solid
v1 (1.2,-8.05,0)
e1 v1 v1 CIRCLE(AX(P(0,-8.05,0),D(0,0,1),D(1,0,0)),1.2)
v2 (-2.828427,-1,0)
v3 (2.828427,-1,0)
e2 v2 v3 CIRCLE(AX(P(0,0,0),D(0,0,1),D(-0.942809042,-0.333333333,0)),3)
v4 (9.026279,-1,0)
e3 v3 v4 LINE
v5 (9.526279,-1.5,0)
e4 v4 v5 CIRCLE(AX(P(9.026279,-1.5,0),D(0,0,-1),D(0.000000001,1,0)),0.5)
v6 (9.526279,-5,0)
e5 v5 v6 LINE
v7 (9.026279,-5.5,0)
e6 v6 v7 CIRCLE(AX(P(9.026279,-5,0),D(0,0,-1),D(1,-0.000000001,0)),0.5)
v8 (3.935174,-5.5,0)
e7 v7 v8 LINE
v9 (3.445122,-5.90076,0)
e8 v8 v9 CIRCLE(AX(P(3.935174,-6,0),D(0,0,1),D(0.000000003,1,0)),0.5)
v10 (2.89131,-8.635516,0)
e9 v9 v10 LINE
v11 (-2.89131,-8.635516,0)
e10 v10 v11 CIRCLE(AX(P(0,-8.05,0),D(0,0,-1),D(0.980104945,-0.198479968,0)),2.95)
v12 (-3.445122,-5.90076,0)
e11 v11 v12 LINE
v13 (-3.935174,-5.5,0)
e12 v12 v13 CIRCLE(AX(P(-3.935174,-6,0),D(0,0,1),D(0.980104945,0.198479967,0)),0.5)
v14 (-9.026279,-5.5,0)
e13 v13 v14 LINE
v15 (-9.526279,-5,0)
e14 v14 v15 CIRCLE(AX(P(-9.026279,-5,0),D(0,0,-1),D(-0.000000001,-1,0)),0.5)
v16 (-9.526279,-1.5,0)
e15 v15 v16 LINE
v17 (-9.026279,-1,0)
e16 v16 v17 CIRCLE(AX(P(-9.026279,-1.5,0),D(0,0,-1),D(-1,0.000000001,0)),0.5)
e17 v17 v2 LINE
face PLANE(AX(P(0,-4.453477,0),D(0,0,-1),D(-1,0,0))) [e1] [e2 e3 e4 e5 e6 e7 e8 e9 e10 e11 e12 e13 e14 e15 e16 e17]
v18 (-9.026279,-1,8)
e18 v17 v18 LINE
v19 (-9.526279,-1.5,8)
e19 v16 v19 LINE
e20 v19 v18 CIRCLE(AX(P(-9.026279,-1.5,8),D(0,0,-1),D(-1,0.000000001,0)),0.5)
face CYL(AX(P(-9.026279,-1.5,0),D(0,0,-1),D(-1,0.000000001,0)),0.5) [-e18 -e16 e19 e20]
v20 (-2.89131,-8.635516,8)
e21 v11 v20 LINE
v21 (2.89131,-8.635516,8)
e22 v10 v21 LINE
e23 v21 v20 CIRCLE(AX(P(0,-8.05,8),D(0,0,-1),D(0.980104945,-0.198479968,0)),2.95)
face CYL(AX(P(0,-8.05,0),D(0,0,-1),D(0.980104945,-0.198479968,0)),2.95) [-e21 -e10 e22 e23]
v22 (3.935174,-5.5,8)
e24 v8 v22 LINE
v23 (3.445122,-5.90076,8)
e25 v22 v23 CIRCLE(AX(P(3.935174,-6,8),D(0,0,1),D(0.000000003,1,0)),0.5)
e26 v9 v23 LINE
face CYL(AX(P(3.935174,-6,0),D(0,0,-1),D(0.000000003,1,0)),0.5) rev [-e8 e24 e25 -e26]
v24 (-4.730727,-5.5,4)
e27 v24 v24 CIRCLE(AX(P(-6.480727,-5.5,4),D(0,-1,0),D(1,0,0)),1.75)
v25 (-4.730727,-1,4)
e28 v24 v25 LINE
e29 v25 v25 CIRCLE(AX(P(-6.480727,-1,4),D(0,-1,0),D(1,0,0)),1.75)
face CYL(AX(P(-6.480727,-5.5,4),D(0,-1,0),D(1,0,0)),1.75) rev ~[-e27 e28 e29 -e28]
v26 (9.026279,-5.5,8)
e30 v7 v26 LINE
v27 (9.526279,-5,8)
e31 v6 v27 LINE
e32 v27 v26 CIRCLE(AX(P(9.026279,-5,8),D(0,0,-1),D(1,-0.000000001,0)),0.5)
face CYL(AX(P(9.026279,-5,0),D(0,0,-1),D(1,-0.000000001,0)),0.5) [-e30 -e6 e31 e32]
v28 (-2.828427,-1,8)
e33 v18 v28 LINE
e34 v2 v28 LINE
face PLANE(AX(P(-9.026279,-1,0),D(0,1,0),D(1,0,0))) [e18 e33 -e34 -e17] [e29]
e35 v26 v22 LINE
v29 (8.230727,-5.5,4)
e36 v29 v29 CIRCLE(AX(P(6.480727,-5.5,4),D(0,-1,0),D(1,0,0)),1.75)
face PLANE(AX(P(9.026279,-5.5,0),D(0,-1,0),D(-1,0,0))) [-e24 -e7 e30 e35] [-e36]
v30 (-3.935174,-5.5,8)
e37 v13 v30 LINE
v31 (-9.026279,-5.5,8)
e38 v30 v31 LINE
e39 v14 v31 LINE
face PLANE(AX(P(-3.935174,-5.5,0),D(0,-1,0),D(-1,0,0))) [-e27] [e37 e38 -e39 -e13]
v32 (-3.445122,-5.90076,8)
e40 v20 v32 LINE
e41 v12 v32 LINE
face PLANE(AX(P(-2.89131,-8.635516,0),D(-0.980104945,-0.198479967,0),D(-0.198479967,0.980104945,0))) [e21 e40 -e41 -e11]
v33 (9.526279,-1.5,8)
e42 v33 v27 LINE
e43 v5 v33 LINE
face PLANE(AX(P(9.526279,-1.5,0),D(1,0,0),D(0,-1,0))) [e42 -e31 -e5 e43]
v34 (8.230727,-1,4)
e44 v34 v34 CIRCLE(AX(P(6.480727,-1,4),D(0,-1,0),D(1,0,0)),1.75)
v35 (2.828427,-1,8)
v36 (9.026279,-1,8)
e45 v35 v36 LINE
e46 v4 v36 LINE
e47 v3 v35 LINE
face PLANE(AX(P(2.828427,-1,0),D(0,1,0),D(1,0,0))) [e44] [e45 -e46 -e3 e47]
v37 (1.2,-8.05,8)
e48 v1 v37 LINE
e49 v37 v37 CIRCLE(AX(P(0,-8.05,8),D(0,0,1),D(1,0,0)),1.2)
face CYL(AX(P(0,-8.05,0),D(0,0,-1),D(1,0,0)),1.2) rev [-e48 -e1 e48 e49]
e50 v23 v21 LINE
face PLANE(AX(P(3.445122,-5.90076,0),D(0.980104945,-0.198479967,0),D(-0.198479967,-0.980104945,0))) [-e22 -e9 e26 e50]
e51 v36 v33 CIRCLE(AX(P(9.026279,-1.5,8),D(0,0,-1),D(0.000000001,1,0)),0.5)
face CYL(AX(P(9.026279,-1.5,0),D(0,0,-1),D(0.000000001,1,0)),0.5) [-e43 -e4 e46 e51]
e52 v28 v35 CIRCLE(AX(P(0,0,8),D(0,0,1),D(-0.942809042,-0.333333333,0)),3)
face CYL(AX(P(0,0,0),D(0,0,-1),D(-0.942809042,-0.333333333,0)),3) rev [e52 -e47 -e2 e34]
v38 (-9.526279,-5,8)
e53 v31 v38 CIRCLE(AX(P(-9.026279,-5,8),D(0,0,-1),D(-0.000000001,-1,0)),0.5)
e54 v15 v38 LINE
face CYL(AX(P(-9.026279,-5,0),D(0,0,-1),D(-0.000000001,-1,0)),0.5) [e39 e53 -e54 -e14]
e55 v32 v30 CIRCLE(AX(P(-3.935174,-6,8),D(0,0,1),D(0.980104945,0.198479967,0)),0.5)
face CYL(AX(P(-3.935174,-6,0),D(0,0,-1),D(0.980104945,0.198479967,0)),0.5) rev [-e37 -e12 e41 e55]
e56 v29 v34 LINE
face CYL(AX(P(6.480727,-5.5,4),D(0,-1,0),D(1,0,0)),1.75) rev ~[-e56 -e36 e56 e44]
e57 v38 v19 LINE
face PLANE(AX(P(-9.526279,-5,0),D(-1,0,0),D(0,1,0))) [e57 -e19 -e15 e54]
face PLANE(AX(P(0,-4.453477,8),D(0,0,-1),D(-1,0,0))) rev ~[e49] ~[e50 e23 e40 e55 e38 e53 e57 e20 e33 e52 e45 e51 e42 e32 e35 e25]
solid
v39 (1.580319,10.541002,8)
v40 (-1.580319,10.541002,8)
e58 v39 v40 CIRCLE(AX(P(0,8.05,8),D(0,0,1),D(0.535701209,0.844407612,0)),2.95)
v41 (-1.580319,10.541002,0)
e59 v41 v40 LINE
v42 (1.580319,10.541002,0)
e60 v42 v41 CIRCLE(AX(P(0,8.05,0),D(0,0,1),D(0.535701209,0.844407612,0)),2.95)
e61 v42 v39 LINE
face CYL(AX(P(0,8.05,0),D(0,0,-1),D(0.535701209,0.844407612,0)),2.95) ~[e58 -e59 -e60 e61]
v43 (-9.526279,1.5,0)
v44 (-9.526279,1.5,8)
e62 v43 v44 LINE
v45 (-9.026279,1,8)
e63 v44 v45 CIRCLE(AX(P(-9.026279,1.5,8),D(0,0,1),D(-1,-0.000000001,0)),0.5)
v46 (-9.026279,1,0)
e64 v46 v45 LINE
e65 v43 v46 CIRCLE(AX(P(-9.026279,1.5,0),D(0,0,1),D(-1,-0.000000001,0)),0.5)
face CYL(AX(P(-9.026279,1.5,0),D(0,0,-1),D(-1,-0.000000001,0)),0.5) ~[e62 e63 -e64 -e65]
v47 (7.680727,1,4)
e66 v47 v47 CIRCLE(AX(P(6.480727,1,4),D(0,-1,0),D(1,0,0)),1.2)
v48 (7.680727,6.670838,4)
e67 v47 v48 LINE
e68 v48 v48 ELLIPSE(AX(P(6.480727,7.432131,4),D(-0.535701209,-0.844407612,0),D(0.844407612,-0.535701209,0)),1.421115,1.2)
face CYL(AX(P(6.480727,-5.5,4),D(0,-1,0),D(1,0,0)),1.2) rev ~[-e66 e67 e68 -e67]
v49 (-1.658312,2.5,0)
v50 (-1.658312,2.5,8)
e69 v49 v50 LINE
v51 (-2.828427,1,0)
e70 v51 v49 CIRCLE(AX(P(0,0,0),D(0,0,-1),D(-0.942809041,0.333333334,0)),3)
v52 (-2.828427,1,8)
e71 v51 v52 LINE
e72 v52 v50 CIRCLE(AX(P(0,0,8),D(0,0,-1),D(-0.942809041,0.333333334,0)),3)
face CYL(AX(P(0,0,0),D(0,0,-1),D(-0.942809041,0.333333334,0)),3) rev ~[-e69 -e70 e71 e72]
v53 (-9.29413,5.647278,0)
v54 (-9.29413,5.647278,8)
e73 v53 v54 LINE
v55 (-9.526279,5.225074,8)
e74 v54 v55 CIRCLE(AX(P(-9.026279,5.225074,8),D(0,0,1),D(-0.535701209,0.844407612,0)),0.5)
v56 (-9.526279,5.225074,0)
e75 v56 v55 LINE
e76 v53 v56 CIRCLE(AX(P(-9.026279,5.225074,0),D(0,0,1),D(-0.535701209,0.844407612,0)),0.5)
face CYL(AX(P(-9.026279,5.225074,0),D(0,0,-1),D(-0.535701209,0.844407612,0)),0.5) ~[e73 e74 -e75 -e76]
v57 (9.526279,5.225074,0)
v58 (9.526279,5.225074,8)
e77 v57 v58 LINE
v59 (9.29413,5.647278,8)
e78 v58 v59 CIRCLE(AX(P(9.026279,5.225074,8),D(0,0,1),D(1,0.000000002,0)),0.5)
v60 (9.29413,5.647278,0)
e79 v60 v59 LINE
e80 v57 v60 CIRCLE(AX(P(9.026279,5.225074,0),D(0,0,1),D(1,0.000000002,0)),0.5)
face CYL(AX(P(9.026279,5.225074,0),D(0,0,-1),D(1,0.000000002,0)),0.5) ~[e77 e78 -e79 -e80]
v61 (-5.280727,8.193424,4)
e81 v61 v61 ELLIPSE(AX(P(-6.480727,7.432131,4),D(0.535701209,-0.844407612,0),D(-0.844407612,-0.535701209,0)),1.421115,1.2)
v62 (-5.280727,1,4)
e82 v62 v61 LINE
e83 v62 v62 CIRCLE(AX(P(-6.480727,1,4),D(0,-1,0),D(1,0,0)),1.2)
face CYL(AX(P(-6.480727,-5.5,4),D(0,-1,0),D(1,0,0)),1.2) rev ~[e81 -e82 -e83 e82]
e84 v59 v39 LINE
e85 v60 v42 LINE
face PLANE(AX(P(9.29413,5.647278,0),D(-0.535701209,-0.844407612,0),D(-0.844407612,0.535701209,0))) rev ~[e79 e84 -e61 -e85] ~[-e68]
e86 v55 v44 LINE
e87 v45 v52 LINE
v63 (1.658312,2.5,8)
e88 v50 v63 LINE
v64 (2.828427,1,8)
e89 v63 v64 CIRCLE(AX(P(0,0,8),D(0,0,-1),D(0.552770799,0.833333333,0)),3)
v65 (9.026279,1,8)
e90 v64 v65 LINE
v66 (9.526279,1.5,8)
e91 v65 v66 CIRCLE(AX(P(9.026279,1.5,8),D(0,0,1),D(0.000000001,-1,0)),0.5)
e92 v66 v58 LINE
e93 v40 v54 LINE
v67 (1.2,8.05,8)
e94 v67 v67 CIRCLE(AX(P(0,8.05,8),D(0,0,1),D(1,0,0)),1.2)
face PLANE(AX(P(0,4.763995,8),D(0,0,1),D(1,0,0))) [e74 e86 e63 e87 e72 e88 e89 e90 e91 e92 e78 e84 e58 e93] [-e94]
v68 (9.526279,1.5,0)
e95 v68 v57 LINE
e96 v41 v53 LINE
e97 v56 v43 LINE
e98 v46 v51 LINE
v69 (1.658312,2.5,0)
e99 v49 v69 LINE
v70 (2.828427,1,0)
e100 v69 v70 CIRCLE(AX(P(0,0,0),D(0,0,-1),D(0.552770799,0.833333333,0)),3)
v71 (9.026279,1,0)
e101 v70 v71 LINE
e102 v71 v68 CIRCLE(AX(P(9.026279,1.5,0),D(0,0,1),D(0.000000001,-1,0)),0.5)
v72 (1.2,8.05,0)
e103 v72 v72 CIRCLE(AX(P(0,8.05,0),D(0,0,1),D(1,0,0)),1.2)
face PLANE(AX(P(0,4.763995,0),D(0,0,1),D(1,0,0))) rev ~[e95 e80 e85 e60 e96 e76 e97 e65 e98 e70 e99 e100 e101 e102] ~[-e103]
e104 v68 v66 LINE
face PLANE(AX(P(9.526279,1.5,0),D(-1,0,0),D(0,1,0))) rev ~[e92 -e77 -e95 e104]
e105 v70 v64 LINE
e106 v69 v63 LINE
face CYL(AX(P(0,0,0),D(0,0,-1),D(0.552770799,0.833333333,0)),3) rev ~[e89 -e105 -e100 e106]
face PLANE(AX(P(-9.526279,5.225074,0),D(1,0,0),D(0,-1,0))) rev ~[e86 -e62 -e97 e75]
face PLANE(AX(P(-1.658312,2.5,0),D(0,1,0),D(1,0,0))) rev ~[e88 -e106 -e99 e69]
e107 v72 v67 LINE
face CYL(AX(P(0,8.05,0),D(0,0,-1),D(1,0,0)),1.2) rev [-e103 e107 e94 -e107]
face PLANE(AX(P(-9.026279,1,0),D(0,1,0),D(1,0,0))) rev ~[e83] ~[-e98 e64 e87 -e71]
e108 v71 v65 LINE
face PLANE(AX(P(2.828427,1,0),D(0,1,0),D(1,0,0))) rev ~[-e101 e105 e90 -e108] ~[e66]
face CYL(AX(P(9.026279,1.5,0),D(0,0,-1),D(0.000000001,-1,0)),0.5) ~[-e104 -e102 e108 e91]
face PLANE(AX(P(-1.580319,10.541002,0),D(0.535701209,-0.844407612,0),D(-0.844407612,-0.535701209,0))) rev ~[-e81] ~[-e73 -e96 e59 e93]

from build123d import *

# Parameters (mm, degrees)
SKETCH_1_R          = 1.2
EXTRUDE_1_DEPTH     = 8
EXTRUDE_1_2_DEPTH   = 8
SKETCH_2_R          = 1.2
CUT_EXTRUDE_1_DEPTH = 17.5
SKETCH_3_R          = 1.75
CUT_EXTRUDE_2_DEPTH = 4.5


with BuildPart() as part:
    # 草图1 → 凸台-拉伸1 (new body)
    with BuildSketch(Plane.XY):
        with BuildLine():
            Line((-1.658312395, 2.5), (1.658312395, 2.5))
            ThreePointArc((1.658312395, 2.5), (2.365419176, 1.84520788), (2.828427125, 1))
            Line((2.828427125, 1), (9.026279442, 1))
            ThreePointArc((9.026279442, 1), (9.379832832, 1.146446609), (9.526279442, 1.5))
            Line((9.526279442, 1.5), (9.526279442, 5.22507425))
            ThreePointArc((9.526279442, 5.22507425), (9.464414867, 5.465983671), (9.294130046, 5.647278056))
            Line((9.294130046, 5.647278056), (1.580318565, 10.541002455))
            ThreePointArc((1.580318565, 10.541002455), (0, 11), (-1.580318565, 10.541002455))
            Line((-1.580318565, 10.541002455), (-9.294130046, 5.647278056))
            ThreePointArc((-9.294130046, 5.647278056), (-9.464414867, 5.465983671), (-9.526279442, 5.22507425))
            Line((-9.526279442, 5.22507425), (-9.526279442, 1.5))
            ThreePointArc((-9.526279442, 1.5), (-9.379832832, 1.146446609), (-9.026279442, 1))
            Line((-9.026279442, 1), (-2.828427125, 1))
            ThreePointArc((-2.828427125, 1), (-2.365419176, 1.84520788), (-1.658312395, 2.5))
        make_face()
        with Locations((0, 8.05)):
            Circle(SKETCH_1_R, mode=Mode.SUBTRACT)
    extrude(amount=EXTRUDE_1_DEPTH)


with BuildPart() as body_2:
    # 草图1 → Extrude 1 2 (new body)
    with BuildSketch(Plane.XY):
        with BuildLine():
            Line((-9.026279442, -1), (-2.828427125, -1))
            ThreePointArc((-2.828427125, -1), (0, -3), (2.828427125, -1))
            Line((2.828427125, -1), (9.026279442, -1))
            ThreePointArc((9.026279442, -1), (9.379832832, -1.146446609), (9.526279442, -1.5))
            Line((9.526279442, -1.5), (9.526279442, -5))
            ThreePointArc((9.526279442, -5), (9.379832832, -5.353553391), (9.026279442, -5.5))
            Line((9.026279442, -5.5), (3.935174447, -5.5))
            ThreePointArc((3.935174447, -5.5), (3.6186464, -5.612947037), (3.445121974, -5.900760016))
            Line((3.445121974, -5.900760016), (2.891309587, -8.635515904))
            ThreePointArc((2.891309587, -8.635515904), (0, -11), (-2.891309587, -8.635515904))
            Line((-2.891309587, -8.635515904), (-3.445121974, -5.900760016))
            ThreePointArc((-3.445121974, -5.900760016), (-3.6186464, -5.612947037), (-3.935174447, -5.5))
            Line((-3.935174447, -5.5), (-9.026279442, -5.5))
            ThreePointArc((-9.026279442, -5.5), (-9.379832832, -5.353553391), (-9.526279442, -5))
            Line((-9.526279442, -5), (-9.526279442, -1.5))
            ThreePointArc((-9.526279442, -1.5), (-9.379832832, -1.146446609), (-9.026279442, -1))
        make_face()
        with Locations((0, -8.05)):
            Circle(SKETCH_1_R, mode=Mode.SUBTRACT)
    extrude(amount=EXTRUDE_1_2_DEPTH)


with BuildPart() as cut_extrude_1_tool:
    # 草图2 → 切除-拉伸1 (new body, through all)
    with BuildSketch(Plane.XZ.offset(5.5)):
        with Locations((6.480726944, 4)):
            Circle(SKETCH_2_R)
        with Locations((-6.480726944, 4)):
            Circle(SKETCH_2_R)
    extrude(amount=-CUT_EXTRUDE_1_DEPTH)


with BuildPart() as part_1:
    add(part.part)

    # 切除-拉伸1: cut by cut_extrude_1_tool
    add(cut_extrude_1_tool.part, mode=Mode.SUBTRACT)


with BuildPart() as body_2_1:
    add(body_2.part)

    # 切除-拉伸1: cut by cut_extrude_1_tool
    add(cut_extrude_1_tool.part, mode=Mode.SUBTRACT)

    # 草图3 → 切除-拉伸2 (cut)
    with BuildSketch(Plane.XZ.offset(5.5)):
        with Locations((-6.480726944, 4)):
            Circle(SKETCH_3_R)
        with Locations((6.480726944, 4)):
            Circle(SKETCH_3_R)
    extrude(amount=-CUT_EXTRUDE_2_DEPTH, mode=Mode.SUBTRACT)


solid = Compound([part_1.part, body_2_1.part])
